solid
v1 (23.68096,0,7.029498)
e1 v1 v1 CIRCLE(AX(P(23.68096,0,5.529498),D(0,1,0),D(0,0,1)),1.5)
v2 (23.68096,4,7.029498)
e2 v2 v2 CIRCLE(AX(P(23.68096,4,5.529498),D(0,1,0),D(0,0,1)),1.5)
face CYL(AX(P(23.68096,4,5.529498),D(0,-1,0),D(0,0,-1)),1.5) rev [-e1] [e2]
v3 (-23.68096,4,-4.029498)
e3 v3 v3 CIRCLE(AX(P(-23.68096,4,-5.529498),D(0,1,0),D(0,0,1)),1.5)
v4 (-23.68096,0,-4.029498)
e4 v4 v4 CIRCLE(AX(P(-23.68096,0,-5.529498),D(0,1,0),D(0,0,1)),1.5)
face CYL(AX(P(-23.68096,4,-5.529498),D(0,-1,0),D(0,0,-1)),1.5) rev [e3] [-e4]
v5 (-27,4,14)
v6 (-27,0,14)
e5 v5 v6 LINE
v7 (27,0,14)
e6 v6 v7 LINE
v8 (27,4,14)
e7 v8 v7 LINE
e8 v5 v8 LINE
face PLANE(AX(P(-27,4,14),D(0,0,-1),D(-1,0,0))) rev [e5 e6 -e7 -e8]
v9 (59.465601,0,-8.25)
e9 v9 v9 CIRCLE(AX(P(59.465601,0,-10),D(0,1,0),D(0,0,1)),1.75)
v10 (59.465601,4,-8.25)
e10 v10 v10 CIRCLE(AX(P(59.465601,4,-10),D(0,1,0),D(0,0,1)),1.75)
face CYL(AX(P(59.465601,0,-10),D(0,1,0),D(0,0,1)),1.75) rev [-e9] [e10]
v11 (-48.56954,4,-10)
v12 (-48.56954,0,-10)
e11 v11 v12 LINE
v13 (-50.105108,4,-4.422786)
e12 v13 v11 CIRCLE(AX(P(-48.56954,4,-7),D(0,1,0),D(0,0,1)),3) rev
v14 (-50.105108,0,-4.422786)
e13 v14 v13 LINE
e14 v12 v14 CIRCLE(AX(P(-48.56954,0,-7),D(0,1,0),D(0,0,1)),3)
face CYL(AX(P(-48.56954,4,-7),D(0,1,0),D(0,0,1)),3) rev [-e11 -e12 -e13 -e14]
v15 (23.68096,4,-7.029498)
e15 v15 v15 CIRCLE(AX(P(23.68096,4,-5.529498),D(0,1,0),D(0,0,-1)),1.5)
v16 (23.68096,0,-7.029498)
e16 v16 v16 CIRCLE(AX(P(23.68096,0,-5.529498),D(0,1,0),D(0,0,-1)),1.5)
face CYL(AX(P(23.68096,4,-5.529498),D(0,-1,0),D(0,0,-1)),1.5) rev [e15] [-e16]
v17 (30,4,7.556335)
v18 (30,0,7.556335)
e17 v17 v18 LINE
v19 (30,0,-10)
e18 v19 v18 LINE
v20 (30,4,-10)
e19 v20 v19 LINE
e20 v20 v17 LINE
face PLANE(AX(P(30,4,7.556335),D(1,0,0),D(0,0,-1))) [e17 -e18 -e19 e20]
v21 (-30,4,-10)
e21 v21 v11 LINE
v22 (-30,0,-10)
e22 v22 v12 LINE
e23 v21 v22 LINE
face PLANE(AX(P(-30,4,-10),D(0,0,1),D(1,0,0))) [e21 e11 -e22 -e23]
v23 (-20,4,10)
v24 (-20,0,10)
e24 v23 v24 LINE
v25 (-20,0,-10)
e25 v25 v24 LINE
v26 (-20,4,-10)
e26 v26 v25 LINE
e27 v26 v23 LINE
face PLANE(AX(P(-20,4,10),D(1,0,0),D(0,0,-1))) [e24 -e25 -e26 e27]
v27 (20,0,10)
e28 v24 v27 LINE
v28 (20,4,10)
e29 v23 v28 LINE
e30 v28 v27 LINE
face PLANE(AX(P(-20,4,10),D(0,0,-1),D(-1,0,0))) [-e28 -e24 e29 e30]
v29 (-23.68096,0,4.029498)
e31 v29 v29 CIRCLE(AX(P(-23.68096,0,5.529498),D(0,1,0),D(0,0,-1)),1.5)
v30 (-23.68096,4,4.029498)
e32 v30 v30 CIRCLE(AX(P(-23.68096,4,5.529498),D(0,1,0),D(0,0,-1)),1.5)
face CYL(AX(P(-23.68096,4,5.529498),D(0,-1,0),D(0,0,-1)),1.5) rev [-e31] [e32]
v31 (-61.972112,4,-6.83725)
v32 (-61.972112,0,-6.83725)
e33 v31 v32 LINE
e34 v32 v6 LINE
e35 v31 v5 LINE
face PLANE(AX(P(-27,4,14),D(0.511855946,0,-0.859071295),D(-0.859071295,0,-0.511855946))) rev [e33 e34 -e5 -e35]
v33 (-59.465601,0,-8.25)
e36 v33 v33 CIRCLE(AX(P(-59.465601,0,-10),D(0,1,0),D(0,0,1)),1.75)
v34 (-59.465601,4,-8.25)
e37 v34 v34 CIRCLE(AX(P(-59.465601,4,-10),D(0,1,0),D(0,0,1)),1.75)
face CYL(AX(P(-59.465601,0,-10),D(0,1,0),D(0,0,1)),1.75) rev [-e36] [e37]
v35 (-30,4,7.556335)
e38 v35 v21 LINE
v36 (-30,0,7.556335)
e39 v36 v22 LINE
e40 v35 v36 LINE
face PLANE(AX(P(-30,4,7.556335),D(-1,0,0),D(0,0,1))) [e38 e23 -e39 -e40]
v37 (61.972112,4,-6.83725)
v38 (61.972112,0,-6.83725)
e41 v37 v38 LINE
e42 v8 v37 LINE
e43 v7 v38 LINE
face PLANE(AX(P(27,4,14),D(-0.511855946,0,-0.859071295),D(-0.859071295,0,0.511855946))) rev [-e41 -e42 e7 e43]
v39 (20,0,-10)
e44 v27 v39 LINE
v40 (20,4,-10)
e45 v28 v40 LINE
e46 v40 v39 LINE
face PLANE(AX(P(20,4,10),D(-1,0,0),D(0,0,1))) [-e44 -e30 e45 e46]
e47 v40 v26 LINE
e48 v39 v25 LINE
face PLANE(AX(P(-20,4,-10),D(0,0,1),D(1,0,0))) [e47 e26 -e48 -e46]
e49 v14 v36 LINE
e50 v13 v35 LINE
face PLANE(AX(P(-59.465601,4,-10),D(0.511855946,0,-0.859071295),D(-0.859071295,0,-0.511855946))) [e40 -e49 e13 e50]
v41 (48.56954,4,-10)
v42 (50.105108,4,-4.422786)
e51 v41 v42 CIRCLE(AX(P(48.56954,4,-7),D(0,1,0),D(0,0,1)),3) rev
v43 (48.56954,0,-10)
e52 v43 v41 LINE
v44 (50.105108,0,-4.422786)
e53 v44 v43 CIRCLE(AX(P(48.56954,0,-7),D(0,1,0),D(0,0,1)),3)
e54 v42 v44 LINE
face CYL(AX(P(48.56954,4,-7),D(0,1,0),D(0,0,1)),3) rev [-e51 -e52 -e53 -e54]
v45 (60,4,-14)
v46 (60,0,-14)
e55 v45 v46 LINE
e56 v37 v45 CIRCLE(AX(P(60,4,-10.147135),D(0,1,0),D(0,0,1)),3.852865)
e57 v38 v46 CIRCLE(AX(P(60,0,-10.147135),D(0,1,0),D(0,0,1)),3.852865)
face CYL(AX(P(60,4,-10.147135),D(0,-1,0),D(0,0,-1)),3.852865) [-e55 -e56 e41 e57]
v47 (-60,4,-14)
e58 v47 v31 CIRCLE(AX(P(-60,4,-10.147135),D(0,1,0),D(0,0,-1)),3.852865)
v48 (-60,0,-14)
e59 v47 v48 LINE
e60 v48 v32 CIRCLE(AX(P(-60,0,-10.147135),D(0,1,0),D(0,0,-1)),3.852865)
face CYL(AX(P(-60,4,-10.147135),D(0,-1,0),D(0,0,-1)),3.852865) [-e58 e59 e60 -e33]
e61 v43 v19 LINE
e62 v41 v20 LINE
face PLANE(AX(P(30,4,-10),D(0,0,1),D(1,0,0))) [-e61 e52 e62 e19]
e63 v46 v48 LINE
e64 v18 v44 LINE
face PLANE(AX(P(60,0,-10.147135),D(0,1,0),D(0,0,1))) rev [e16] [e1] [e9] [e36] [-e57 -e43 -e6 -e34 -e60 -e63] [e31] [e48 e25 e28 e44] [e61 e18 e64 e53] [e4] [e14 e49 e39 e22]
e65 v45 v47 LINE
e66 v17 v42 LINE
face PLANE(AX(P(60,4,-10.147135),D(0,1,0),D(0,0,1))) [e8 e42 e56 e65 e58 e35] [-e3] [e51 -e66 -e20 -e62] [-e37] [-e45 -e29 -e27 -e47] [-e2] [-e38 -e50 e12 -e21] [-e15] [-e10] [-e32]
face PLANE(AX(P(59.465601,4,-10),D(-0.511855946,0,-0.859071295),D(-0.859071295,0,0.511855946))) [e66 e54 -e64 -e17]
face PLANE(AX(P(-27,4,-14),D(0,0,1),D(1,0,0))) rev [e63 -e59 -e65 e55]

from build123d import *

# Parameters (mm, degrees)
SKETCH_1_R          = 1.5
SKETCH_1_W          = 40
SKETCH_1_H          = 20
EXTRUDE_1_DEPTH     = 4
FILLET_1_R          = 3
FILLET_2_R          = 3
SKETCH_2_R          = 1.75
CUT_EXTRUDE_1_DEPTH = 67.130086355


with BuildPart() as part:
    # 草图1 → 凸台-拉伸1 (new body)
    with BuildSketch(Plane(origin=(0, 0, 0), x_dir=(1, 0, 0), z_dir=(0, 1, 0))):
        with BuildLine():
            Line((-27, -14), (27, -14))
            Line((27, -14), (61.972111671, 6.837249964))
            ThreePointArc((61.972111671, 6.837249964), (63.714640377, 11.169883003), (60, 14))
            Line((60, 14), (27, 14))
            Line((27, 14), (-27, 14))
            Line((-27, 14), (-60, 14))
            ThreePointArc((-60, 14), (-63.714640377, 11.169883003), (-61.972111671, 6.837249964))
            Line((-61.972111671, 6.837249964), (-27, -14))
        make_face()
        with Locations(Location((-23.680960464, 5.529497849, 0), (0, 0, 270))):
            Circle(SKETCH_1_R, mode=Mode.SUBTRACT)
        with Locations(Location((-23.680960464, -5.529497849, 0), (0, 0, 90))):
            Circle(SKETCH_1_R, mode=Mode.SUBTRACT)
        with Locations(Location((23.680960464, -5.529497849, 0), (0, 0, 270))):
            Circle(SKETCH_1_R, mode=Mode.SUBTRACT)
        with Locations(Location((23.680960464, 5.529497849, 0), (0, 0, 90))):
            Circle(SKETCH_1_R, mode=Mode.SUBTRACT)
        Rectangle(SKETCH_1_W, SKETCH_1_H, mode=Mode.SUBTRACT)
        Polygon((30, 10), (59.465601315, 10), (30, -7.556334765), align=None, mode=Mode.SUBTRACT)
        Polygon((-59.465601315, 10), (-30, -7.556334765), (-30, 10), align=None, mode=Mode.SUBTRACT)
    extrude(amount=EXTRUDE_1_DEPTH)

    # 圆角1
    fillet_1_edges = [part.edges().sort_by_distance(p)[0] for p in [
        (59.465601315, 2, -10),
    ]]
    fillet(fillet_1_edges, radius=FILLET_1_R)

    # 圆角2
    fillet_2_edges = [part.edges().sort_by_distance(p)[0] for p in [
        (-59.465601315, 2, -10),
    ]]
    fillet(fillet_2_edges, radius=FILLET_2_R)

    # 草图2 → 切除-拉伸1 (cut, through all)
    with BuildSketch(Plane(origin=(0, 10, 0), x_dir=(1, 0, 0), z_dir=(0, 1, 0))):
        with Locations(Location((-59.465601315, 10, 0), (0, 0, 270))):
            Circle(SKETCH_2_R)
        with Locations(Location((59.465601315, 10, 0), (0, 0, 270))):
            Circle(SKETCH_2_R)
    extrude(amount=-CUT_EXTRUDE_1_DEPTH, mode=Mode.SUBTRACT)


solid = part.part
